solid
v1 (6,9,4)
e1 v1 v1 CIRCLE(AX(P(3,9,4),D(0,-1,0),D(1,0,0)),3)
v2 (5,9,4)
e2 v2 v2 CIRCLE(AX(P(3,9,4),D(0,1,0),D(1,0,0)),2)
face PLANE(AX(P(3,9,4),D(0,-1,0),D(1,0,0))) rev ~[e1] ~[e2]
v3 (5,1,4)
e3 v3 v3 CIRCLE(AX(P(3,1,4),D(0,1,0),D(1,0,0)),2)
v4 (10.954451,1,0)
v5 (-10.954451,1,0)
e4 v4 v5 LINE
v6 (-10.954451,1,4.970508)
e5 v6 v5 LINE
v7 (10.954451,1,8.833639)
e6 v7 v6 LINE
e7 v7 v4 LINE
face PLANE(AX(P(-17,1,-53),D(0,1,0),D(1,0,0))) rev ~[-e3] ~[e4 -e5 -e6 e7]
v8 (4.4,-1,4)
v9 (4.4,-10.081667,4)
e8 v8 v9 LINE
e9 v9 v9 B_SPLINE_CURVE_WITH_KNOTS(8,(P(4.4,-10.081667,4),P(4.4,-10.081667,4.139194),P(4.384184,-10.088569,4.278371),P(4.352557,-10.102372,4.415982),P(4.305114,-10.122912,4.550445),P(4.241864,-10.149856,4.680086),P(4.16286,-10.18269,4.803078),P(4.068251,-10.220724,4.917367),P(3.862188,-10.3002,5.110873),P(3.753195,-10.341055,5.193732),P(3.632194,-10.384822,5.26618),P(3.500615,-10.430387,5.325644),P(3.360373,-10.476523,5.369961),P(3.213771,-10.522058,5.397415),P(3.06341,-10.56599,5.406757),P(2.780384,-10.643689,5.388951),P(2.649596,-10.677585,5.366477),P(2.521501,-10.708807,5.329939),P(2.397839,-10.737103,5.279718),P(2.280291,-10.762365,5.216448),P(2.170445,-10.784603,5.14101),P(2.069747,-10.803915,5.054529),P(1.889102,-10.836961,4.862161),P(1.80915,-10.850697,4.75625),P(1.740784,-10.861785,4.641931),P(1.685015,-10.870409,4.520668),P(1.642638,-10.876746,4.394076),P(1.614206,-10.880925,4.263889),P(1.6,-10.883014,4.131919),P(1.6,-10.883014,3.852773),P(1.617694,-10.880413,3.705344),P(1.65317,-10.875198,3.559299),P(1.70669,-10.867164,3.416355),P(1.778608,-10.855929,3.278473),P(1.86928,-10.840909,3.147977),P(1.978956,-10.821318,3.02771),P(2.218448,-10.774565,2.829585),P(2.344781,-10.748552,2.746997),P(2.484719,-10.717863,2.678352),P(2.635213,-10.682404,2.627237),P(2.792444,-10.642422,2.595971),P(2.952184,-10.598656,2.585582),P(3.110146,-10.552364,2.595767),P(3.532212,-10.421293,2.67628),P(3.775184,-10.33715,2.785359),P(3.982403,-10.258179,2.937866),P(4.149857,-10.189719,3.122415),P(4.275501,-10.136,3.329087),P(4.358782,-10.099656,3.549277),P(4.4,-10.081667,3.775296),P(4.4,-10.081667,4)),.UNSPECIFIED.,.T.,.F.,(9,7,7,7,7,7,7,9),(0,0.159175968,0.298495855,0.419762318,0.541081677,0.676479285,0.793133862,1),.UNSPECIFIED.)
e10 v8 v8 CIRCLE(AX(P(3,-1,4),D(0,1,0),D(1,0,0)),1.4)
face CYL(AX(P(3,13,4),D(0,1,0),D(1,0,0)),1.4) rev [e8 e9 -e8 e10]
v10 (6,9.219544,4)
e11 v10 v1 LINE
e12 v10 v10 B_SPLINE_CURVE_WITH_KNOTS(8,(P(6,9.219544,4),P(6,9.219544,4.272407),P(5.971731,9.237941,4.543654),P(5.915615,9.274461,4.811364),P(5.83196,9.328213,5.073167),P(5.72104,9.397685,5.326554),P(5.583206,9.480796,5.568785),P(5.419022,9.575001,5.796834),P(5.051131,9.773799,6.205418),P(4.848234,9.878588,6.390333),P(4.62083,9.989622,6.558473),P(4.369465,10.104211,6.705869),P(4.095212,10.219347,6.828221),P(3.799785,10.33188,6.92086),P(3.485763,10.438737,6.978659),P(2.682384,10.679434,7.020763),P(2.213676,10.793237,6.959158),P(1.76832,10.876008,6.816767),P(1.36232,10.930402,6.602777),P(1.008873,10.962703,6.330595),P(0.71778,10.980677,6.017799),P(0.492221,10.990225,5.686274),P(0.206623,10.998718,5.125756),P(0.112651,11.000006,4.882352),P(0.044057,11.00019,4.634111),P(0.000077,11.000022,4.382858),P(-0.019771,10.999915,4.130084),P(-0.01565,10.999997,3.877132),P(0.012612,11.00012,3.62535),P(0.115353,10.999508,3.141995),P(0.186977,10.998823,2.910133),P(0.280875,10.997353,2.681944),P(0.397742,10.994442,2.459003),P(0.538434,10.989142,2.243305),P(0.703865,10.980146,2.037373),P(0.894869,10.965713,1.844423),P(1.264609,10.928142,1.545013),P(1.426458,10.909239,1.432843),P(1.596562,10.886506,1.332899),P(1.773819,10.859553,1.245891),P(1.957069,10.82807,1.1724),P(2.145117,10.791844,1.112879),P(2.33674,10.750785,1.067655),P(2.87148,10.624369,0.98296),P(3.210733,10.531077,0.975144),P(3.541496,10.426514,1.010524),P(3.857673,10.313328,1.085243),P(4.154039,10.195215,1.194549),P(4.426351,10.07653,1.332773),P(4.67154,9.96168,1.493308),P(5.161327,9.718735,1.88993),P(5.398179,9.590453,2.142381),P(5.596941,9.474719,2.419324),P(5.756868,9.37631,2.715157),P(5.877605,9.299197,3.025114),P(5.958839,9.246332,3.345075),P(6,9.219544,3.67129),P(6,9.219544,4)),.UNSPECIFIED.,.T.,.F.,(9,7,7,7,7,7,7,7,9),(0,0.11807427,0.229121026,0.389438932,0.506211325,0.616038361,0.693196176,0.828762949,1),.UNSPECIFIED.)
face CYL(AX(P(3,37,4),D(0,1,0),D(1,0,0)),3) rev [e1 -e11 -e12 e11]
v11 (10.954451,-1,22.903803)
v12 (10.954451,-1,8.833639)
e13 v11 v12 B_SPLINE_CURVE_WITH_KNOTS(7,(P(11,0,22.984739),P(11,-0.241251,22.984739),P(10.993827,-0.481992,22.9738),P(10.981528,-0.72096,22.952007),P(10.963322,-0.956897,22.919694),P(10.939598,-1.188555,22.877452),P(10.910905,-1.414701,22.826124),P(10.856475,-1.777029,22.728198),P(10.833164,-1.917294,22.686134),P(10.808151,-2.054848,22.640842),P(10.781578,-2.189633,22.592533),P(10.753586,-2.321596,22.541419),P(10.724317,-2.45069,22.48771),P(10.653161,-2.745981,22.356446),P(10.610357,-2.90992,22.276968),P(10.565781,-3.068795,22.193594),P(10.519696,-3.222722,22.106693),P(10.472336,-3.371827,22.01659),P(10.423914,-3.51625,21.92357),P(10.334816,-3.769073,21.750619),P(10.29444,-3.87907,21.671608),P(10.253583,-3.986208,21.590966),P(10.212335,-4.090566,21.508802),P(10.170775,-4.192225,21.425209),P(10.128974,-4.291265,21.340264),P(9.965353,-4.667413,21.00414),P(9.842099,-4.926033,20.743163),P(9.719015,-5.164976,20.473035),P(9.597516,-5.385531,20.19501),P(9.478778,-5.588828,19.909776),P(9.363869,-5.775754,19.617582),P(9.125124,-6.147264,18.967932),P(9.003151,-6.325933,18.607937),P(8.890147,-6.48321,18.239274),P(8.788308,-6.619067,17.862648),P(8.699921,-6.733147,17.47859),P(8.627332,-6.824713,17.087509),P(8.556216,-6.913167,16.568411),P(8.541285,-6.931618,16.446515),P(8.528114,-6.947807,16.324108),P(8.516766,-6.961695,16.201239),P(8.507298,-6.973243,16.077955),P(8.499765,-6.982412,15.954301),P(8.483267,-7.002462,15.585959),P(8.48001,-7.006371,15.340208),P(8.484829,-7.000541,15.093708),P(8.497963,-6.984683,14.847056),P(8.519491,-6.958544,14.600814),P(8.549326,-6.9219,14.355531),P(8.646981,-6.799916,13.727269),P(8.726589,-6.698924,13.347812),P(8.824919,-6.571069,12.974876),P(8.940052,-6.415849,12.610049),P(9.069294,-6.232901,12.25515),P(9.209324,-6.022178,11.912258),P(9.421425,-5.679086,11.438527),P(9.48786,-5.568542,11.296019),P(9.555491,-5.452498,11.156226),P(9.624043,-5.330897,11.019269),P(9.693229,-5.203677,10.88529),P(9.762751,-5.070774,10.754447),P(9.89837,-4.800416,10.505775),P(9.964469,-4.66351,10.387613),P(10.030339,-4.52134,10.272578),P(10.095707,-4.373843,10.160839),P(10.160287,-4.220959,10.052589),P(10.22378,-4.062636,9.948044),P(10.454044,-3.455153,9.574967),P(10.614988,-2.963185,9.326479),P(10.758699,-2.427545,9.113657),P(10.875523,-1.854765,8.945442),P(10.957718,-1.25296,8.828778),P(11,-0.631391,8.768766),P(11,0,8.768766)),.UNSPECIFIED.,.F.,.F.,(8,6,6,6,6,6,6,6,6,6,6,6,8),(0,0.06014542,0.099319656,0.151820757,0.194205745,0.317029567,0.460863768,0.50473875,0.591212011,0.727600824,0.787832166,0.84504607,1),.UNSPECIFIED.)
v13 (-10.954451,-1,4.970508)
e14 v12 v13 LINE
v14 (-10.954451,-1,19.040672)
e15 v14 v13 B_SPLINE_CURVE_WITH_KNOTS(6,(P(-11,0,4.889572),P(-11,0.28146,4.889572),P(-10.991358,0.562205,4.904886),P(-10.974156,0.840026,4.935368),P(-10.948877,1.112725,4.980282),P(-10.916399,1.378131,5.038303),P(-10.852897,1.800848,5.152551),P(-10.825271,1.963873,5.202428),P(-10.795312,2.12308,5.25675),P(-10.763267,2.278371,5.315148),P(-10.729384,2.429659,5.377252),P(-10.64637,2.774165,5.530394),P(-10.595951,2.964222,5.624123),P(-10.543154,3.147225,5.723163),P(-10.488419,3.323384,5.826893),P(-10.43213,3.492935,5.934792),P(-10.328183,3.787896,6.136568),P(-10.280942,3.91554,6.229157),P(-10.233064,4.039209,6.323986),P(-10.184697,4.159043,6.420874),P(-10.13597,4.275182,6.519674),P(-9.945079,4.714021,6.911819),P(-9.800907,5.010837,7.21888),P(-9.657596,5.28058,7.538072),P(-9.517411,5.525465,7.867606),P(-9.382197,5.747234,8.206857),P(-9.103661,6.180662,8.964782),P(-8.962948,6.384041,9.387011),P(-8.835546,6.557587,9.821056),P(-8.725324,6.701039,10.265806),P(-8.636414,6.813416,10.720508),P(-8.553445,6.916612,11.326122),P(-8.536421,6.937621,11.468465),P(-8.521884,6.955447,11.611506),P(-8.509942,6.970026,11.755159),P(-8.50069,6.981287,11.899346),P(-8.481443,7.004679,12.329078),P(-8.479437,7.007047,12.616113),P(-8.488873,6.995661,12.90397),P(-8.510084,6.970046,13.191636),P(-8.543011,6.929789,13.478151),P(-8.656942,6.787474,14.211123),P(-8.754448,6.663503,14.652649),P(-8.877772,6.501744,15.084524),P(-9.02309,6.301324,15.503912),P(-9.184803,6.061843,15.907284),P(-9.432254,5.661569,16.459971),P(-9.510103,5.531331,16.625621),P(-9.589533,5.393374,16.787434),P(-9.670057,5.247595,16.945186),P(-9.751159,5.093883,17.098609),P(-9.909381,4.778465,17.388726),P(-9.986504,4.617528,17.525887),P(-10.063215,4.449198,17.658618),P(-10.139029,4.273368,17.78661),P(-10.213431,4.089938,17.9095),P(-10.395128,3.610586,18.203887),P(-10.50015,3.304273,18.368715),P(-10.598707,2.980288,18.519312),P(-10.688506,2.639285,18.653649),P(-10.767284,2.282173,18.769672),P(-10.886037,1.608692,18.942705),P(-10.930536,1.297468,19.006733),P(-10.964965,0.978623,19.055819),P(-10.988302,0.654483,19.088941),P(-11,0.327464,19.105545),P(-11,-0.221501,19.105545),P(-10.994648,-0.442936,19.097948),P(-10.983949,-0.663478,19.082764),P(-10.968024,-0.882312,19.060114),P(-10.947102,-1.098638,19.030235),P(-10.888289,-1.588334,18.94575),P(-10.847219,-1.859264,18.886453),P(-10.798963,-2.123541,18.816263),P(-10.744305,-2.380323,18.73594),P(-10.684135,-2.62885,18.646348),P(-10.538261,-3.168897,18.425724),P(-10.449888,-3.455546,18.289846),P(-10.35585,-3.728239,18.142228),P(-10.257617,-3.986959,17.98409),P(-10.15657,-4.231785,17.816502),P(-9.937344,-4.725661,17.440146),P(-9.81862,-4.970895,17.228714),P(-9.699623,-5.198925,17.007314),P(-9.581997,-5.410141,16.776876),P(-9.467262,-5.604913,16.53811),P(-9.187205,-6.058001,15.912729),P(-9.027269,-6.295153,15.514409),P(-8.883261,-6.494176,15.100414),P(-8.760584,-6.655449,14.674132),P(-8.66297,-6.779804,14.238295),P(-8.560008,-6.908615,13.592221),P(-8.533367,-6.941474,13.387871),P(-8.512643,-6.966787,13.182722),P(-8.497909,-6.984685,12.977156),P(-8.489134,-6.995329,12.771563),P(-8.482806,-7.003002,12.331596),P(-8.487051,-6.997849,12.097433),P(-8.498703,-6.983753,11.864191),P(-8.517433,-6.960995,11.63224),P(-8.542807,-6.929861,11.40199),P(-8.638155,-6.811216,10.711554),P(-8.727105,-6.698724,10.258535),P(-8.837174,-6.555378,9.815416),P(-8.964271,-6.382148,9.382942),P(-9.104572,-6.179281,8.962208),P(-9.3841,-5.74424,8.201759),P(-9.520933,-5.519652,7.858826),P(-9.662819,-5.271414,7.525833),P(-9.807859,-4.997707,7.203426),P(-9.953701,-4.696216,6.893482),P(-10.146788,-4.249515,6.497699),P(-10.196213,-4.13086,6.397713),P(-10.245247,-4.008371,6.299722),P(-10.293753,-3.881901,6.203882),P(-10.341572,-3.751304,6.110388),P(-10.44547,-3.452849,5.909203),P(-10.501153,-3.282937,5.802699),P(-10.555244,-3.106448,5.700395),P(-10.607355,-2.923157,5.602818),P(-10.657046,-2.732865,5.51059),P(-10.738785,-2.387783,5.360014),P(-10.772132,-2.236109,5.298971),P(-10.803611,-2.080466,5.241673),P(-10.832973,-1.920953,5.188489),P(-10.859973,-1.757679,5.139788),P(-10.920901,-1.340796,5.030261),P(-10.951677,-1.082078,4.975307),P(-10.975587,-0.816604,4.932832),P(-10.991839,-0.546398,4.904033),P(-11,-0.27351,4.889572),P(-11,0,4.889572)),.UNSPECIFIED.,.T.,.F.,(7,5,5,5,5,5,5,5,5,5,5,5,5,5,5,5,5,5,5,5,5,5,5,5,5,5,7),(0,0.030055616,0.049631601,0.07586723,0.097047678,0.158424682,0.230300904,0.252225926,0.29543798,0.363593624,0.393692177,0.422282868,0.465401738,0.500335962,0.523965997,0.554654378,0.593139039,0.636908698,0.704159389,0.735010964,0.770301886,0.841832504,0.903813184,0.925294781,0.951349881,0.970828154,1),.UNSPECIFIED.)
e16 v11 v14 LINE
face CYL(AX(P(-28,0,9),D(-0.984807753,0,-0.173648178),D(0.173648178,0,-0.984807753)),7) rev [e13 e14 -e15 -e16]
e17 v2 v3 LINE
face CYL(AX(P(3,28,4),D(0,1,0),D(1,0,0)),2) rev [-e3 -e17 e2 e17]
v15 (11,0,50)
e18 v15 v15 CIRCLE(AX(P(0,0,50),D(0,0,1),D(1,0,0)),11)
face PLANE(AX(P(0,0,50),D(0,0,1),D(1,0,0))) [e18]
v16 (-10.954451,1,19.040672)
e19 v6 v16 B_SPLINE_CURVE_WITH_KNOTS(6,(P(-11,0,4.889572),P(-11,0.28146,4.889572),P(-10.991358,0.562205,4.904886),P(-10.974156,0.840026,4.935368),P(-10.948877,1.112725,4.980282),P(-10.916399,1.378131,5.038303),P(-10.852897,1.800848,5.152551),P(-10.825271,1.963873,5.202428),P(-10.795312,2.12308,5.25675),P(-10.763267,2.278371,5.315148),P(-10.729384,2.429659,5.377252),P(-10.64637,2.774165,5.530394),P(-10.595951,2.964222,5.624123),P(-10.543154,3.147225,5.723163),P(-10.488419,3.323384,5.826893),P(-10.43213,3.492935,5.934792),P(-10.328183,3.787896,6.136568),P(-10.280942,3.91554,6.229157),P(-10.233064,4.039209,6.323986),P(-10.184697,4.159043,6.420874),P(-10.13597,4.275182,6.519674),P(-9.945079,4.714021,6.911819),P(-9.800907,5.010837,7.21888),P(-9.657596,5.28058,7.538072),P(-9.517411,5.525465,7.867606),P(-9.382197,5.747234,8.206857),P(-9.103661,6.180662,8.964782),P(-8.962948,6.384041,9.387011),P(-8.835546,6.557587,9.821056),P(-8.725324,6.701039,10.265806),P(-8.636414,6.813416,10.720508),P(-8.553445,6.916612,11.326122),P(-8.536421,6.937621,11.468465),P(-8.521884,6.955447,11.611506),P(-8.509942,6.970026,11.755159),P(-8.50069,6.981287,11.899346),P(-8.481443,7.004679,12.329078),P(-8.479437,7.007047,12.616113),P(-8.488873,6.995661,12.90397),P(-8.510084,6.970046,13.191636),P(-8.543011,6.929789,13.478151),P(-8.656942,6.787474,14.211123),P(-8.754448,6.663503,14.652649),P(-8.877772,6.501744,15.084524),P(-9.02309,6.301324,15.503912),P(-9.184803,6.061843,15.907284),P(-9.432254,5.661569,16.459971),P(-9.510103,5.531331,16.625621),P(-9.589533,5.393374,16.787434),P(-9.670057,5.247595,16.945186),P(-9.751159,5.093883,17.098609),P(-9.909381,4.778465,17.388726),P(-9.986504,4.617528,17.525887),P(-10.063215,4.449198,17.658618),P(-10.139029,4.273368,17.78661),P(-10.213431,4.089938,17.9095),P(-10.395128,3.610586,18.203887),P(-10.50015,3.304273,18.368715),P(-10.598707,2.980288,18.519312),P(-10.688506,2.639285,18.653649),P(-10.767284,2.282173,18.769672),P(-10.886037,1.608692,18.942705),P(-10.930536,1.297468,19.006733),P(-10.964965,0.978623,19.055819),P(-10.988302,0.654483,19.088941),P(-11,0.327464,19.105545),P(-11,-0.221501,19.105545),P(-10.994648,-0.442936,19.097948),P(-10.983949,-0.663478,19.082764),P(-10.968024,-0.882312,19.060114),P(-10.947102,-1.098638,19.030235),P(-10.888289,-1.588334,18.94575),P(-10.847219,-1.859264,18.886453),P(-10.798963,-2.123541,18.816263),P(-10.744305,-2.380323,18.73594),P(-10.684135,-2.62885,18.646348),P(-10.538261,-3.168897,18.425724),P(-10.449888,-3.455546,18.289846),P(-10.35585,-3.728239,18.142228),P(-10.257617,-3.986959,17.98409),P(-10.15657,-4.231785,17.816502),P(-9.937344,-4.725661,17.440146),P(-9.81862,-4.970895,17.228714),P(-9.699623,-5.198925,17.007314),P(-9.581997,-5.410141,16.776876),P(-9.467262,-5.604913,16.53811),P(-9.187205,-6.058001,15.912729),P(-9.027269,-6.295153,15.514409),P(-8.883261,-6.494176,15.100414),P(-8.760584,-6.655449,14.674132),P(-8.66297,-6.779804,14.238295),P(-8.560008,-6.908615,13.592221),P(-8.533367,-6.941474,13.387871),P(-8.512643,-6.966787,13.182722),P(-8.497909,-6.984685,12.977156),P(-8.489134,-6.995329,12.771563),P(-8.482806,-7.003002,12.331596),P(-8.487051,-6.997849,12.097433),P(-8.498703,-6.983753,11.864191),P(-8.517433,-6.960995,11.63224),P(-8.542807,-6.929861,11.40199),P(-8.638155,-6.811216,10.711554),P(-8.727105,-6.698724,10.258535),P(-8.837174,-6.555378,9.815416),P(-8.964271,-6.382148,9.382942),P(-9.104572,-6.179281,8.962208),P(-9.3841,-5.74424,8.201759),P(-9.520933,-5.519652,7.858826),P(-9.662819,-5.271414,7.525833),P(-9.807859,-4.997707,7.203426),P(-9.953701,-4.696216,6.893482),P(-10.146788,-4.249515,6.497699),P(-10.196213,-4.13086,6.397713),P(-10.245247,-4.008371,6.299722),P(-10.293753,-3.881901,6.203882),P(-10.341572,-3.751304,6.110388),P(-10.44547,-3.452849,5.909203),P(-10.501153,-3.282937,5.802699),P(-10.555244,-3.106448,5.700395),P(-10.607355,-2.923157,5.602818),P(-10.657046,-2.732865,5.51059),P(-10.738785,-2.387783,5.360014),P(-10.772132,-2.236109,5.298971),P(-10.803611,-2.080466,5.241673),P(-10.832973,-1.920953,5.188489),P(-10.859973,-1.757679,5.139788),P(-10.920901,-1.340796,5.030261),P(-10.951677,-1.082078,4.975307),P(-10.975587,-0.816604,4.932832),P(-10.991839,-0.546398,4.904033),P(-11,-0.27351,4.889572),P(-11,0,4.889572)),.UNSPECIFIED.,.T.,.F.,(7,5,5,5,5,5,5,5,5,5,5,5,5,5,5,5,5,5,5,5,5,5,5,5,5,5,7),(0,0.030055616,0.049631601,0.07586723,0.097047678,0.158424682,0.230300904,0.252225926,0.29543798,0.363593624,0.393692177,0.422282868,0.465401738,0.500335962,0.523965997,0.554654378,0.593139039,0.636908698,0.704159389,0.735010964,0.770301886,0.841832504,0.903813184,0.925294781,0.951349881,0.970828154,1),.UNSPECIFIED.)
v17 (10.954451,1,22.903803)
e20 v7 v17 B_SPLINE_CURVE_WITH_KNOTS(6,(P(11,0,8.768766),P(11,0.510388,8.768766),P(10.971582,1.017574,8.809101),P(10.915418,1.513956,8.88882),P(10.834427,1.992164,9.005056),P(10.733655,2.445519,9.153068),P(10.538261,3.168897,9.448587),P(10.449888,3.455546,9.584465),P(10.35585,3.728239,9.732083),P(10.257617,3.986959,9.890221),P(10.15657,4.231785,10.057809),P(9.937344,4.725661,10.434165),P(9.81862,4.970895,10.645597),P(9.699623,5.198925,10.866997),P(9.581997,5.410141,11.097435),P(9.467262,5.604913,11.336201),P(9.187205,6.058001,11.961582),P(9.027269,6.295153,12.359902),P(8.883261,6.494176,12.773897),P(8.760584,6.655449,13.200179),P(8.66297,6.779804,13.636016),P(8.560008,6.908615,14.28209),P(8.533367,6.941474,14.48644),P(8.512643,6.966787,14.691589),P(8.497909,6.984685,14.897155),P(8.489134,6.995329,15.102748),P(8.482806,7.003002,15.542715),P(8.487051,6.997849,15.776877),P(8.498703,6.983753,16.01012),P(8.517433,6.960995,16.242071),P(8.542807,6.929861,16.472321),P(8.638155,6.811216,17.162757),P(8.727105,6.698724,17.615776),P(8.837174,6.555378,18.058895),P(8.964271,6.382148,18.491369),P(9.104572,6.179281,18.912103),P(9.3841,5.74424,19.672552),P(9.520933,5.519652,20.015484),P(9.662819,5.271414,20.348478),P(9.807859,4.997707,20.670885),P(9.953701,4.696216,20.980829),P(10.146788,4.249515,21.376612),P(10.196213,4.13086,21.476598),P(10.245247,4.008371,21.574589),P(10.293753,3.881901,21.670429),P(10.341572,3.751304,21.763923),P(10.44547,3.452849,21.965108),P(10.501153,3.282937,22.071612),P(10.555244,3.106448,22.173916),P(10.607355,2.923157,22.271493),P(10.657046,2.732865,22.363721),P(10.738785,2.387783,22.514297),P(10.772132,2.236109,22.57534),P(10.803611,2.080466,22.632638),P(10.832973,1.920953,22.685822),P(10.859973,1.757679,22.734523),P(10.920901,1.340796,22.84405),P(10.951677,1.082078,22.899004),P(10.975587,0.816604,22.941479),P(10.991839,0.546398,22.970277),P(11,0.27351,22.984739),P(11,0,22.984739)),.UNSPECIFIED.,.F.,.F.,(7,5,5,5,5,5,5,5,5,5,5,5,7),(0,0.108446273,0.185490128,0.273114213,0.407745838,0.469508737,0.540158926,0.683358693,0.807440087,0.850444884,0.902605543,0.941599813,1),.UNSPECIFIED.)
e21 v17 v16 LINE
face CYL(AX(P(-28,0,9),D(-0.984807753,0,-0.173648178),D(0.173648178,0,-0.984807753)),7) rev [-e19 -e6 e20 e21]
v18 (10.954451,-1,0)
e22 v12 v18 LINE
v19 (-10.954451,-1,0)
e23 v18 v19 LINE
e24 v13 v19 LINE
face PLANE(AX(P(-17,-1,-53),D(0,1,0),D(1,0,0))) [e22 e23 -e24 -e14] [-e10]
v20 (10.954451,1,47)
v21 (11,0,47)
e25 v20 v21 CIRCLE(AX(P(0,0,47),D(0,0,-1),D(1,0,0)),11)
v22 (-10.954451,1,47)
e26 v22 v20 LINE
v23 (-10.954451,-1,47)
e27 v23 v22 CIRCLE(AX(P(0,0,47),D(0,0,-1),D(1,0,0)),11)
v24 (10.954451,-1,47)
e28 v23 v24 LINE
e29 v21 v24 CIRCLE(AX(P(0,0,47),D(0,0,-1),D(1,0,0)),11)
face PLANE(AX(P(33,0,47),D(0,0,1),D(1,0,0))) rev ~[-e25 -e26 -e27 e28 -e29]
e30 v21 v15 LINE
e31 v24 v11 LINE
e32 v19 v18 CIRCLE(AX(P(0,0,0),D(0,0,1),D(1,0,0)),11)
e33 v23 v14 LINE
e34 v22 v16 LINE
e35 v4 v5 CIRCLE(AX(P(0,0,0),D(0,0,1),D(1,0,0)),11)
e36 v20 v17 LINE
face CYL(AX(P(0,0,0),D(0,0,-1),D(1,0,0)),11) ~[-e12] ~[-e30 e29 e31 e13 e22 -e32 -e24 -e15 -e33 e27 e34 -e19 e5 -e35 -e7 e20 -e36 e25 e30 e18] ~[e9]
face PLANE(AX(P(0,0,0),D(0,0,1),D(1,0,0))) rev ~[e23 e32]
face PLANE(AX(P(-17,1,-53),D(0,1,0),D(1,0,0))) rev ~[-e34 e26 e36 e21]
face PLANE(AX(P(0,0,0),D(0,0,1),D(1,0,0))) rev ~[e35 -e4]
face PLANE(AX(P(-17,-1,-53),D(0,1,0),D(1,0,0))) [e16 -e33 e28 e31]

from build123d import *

# Parameters (mm, degrees)
CYLINDER004_R               = 3
CYLINDER004_DEPTH           = 28
CYLINDER003_R               = 2
CYLINDER003_DEPTH           = 28
CYLINDER002_R               = 1.4
CYLINDER002_DEPTH           = 28
BOX_W                       = 100
BOX_H                       = 2
BOX_DEPTH                   = 100
CYLINDER001_R               = 7
CYLINDER001_DEPTH           = 100
CYLINDER001_PLACEMENT_ANGLE = 80
CYLINDER_R                  = 11
CYLINDER_DEPTH              = 50


with BuildPart() as cylinder004:
    # Cylinder004 → Cylinder004 (new body)
    with BuildSketch(Plane(origin=(3, 37, 4), x_dir=(1, 0, 0), z_dir=(0, -1, 0))):
        Circle(CYLINDER004_R)
    extrude(amount=CYLINDER004_DEPTH)


with BuildPart() as cylinder003:
    # Cylinder003 → Cylinder003 (new body)
    with BuildSketch(Plane(origin=(3, 28, 4), x_dir=(1, 0, 0), z_dir=(0, -1, 0))):
        Circle(CYLINDER003_R)
    extrude(amount=CYLINDER003_DEPTH)


with BuildPart() as cylinder002:
    # Cylinder002 → Cylinder002 (new body)
    with BuildSketch(Plane(origin=(3, 13, 4), x_dir=(1, 0, 0), z_dir=(0, -1, 0))):
        Circle(CYLINDER002_R)
    extrude(amount=CYLINDER002_DEPTH)


with BuildPart() as cube:
    # Box → Box (new body)
    with BuildSketch(Plane(origin=(-17, -1, -53), x_dir=(1, 0, 0), z_dir=(0, 0, 1))):
        with Locations((50, 1)):
            Rectangle(BOX_W, BOX_H)
    extrude(amount=BOX_DEPTH)


with BuildPart() as cylinder001:
    # Cylinder001 → Cylinder001 (new body)
    with BuildSketch(Plane.XY):
        Circle(CYLINDER001_R)
    extrude(amount=CYLINDER001_DEPTH)


with BuildPart() as cylinder001_1:
    # Cylinder001 placement: moved
    add(cylinder001.part.moved(Location((-28, 0, 9))).rotate(Axis((-28, 0, 9), (0, 1, 0)), CYLINDER001_PLACEMENT_ANGLE))


with BuildPart() as cut004:
    # Cylinder → Cylinder (new body)
    with BuildSketch(Plane.XY):
        Circle(CYLINDER_R)
    extrude(amount=CYLINDER_DEPTH)

    # Cut: cut Cylinder001
    add(cylinder001_1.part, mode=Mode.SUBTRACT)

    # Cut001: cut Cube
    add(cube.part, mode=Mode.SUBTRACT)

    # Cut002: cut Cylinder002
    add(cylinder002.part, mode=Mode.SUBTRACT)

    # Cut003: cut Cylinder003
    add(cylinder003.part, mode=Mode.SUBTRACT)

    # Cut004: cut Cylinder004
    add(cylinder004.part, mode=Mode.SUBTRACT)


solid = cut004.part
